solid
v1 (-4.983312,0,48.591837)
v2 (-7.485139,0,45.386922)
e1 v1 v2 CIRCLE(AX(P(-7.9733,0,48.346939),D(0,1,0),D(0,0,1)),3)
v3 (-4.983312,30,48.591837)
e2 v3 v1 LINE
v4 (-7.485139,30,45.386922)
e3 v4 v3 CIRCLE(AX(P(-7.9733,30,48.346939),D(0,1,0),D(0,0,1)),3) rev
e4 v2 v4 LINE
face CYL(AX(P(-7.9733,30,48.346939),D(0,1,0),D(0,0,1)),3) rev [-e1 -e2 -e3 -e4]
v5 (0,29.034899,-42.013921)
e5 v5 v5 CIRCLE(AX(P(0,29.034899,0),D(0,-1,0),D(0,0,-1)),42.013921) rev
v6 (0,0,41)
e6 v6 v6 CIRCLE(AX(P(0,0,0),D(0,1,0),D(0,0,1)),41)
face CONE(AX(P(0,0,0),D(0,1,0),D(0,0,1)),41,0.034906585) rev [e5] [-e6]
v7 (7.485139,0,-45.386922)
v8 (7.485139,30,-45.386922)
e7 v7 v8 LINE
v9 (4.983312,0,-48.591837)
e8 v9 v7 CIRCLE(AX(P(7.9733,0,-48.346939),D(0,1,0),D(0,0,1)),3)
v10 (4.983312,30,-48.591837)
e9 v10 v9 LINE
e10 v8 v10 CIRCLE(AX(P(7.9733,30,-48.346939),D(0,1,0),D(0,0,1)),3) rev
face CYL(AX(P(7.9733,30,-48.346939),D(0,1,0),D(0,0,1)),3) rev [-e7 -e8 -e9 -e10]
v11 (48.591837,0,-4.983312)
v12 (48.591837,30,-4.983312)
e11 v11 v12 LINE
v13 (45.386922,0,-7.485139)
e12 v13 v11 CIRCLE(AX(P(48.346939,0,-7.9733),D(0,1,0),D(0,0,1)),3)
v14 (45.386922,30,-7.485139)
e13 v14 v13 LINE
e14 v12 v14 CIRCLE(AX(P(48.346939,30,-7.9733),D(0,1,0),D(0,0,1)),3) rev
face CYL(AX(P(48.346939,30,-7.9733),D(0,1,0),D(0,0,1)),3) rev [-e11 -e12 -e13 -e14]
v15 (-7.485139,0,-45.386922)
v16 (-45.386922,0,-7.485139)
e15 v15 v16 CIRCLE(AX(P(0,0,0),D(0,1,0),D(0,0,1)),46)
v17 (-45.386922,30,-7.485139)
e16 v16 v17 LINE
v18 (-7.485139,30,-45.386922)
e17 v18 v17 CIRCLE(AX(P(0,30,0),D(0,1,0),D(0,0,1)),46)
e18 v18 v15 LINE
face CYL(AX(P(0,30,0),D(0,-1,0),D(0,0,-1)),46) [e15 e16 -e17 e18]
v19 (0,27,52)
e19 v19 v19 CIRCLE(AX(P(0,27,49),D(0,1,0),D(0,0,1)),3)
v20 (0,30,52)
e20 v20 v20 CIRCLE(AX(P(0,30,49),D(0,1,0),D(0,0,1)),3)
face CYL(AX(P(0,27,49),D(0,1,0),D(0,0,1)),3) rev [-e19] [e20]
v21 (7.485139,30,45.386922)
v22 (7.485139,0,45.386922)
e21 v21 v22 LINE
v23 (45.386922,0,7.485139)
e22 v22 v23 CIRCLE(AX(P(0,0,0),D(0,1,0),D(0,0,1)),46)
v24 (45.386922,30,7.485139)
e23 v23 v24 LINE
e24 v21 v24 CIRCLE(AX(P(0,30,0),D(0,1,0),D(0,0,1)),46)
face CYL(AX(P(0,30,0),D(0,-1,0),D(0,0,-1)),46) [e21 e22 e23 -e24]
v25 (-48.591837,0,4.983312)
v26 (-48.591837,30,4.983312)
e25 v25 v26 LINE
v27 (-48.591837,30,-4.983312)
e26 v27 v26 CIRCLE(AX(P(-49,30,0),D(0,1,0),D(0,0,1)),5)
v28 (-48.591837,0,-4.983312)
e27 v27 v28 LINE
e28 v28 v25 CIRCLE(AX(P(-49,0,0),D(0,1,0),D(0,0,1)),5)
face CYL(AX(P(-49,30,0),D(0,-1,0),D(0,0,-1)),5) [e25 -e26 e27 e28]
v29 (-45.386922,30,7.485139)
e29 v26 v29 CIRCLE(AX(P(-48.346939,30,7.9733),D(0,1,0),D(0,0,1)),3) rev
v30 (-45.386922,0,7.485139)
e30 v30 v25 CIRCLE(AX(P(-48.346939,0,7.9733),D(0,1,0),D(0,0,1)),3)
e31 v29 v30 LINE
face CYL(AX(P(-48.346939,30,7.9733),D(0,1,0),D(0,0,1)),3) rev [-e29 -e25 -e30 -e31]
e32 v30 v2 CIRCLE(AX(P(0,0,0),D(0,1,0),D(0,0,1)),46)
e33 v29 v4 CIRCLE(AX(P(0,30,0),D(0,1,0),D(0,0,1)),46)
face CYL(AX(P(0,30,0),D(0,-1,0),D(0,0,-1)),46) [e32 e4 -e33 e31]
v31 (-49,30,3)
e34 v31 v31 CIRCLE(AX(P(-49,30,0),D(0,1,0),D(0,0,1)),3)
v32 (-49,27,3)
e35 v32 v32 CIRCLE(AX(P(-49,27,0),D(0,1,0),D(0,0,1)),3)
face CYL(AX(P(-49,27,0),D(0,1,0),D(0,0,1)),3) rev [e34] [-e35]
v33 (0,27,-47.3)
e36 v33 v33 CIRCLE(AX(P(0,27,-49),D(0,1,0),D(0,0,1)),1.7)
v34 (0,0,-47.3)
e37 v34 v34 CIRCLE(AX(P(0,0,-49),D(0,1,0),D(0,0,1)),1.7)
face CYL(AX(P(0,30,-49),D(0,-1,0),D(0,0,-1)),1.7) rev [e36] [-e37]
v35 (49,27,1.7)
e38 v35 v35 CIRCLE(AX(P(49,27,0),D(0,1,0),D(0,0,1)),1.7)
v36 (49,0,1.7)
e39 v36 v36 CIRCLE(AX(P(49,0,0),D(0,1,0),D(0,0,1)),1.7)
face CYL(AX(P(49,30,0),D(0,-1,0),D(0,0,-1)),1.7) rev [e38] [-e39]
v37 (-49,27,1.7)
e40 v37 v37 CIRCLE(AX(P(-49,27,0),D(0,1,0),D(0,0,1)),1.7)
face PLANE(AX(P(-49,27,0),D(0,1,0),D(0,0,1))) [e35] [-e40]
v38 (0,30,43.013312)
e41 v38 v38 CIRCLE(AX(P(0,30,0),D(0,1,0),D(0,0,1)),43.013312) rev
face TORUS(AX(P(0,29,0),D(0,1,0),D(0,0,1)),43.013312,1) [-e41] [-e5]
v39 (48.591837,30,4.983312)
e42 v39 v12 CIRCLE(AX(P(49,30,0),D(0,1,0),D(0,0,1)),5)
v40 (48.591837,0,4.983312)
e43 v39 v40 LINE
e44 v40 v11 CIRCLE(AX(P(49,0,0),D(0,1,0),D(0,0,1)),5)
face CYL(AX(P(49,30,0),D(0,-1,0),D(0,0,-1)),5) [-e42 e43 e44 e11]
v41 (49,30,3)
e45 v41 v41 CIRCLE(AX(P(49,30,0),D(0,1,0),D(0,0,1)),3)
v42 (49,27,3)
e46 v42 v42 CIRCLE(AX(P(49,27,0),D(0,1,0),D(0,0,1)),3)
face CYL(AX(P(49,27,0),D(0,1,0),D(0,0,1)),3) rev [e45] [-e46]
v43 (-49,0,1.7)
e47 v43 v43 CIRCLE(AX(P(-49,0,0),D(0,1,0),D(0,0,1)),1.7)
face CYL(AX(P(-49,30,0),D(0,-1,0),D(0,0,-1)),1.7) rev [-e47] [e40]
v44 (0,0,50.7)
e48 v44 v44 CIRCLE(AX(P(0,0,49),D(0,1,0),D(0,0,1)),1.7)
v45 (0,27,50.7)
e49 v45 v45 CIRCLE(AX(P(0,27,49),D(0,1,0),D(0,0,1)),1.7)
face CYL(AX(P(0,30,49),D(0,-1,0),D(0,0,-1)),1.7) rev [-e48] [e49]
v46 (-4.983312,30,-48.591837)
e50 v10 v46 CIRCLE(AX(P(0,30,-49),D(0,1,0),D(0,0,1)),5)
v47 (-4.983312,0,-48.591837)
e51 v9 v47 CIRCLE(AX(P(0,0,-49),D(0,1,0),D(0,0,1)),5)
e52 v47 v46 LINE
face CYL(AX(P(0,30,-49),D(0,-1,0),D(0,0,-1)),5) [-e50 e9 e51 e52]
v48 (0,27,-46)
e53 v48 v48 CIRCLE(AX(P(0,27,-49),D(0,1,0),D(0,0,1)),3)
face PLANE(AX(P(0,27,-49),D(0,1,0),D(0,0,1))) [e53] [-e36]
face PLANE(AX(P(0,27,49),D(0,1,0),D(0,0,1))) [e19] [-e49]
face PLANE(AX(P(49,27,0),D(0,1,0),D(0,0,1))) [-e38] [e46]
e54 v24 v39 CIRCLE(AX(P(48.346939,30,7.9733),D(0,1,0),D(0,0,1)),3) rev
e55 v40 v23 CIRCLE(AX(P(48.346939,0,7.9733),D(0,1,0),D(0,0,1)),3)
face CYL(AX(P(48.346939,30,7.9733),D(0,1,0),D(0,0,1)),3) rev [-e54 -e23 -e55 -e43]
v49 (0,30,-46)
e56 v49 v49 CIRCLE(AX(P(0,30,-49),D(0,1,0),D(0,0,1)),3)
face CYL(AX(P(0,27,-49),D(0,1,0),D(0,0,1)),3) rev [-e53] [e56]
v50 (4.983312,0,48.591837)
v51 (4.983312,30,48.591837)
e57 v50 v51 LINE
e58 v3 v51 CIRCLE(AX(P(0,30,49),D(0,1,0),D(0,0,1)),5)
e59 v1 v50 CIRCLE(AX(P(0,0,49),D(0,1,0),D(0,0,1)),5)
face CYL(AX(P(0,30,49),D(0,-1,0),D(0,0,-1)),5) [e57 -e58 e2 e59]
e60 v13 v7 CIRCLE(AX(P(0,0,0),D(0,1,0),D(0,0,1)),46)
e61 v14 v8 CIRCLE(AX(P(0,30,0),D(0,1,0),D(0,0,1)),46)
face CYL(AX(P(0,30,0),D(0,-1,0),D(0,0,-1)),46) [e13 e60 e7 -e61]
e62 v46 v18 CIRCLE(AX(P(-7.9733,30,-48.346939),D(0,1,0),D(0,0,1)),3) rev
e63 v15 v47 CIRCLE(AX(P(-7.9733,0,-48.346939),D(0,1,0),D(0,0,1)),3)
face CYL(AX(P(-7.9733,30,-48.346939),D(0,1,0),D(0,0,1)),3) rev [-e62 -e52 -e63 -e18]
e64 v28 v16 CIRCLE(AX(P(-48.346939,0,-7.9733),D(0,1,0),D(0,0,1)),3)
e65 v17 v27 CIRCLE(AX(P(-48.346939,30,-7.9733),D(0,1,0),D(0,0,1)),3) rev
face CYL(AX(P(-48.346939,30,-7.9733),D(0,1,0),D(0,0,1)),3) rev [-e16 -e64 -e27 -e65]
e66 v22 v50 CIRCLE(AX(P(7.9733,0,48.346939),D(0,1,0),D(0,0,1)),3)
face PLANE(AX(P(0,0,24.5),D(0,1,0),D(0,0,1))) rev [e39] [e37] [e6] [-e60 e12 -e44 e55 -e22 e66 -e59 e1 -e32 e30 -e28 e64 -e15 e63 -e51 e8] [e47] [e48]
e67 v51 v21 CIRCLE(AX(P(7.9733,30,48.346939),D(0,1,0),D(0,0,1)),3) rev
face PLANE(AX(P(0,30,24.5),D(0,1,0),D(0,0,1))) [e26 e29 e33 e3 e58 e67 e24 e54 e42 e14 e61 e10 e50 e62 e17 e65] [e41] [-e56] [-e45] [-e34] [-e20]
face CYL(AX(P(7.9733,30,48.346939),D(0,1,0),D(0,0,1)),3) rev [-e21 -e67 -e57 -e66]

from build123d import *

# Parameters (mm, degrees)
SKETCH_1_R          = 41
SKETCH_1_R_2        = 1.7
EXTRUDE_1_DEPTH     = 30
FILLET_1_R          = 3
SKETCH_2_R          = 3
CUT_EXTRUDE_1_DEPTH = 3
DRAFT_1_ANGLE       = -2
FILLET_4_R          = 1


with BuildPart() as part:
    # 草图1 → 凸台-拉伸1 (new body)
    with BuildSketch(Plane(origin=(0, 0, 0), x_dir=(1, 0, 0), z_dir=(0, 1, 0))):
        with BuildLine():
            ThreePointArc((45.836734694, 3.872176727), (32.526911935, 32.526911935), (3.872176727, 45.836734694))
            ThreePointArc((3.872176727, 45.836734694), (0, 54), (-3.872176727, 45.836734694))
            ThreePointArc((-3.872176727, 45.836734694), (-32.526911935, 32.526911935), (-45.836734694, 3.872176727))
            ThreePointArc((-45.836734694, 3.872176727), (-54, 0), (-45.836734694, -3.872176727))
            ThreePointArc((-45.836734694, -3.872176727), (-32.526911935, -32.526911935), (-3.872176727, -45.836734694))
            ThreePointArc((-3.872176727, -45.836734694), (0, -54), (3.872176727, -45.836734694))
            ThreePointArc((3.872176727, -45.836734694), (32.526911935, -32.526911935), (45.836734694, -3.872176727))
            ThreePointArc((45.836734694, -3.872176727), (54, 0), (45.836734694, 3.872176727))
        make_face()
        with Locations(Location((0, 0, 0), (0, 0, 270))):
            Circle(SKETCH_1_R, mode=Mode.SUBTRACT)
        with Locations(Location((0, 49, 0), (0, 0, 270))):
            Circle(SKETCH_1_R_2, mode=Mode.SUBTRACT)
        with Locations(Location((49, 0, 0), (0, 0, 270))):
            Circle(SKETCH_1_R_2, mode=Mode.SUBTRACT)
        with Locations(Location((0, -49, 0), (0, 0, 270))):
            Circle(SKETCH_1_R_2, mode=Mode.SUBTRACT)
        with Locations(Location((-49, 0, 0), (0, 0, 270))):
            Circle(SKETCH_1_R_2, mode=Mode.SUBTRACT)
    extrude(amount=EXTRUDE_1_DEPTH)

    # 圆角1
    fillet_1_edges = [part.edges().sort_by_distance(p)[0] for p in [
        (-45.836734694, 15, 3.872176727),
        (-45.836734694, 15, -3.872176727),
        (-3.872176727, 15, -45.836734694),
        (3.872176727, 15, -45.836734694),
        (45.836734694, 15, -3.872176727),
        (45.836734694, 15, 3.872176727),
        (3.872176727, 15, 45.836734694),
        (-3.872176727, 15, 45.836734694),
    ]]
    fillet(fillet_1_edges, radius=FILLET_1_R)

    # 草图2 → 切除-拉伸1 (cut)
    with BuildSketch(Plane(origin=(0, 30, 0), x_dir=(1, 0, 0), z_dir=(0, 1, 0))):
        with Locations(Location((0, 49, 0), (0, 0, 270))):
            Circle(SKETCH_2_R)
        with Locations(Location((-49, 0, 0), (0, 0, 270))):
            Circle(SKETCH_2_R)
        with Locations(Location((0, -49, 0), (0, 0, 270))):
            Circle(SKETCH_2_R)
        with Locations(Location((49, 0, 0), (0, 0, 270))):
            Circle(SKETCH_2_R)
    extrude(amount=-CUT_EXTRUDE_1_DEPTH, mode=Mode.SUBTRACT)

    # 拔模1
    draft_1_faces = [part.faces().sort_by_distance(p)[0] for p in [
        (0, 15, -41),
    ]]
    draft(draft_1_faces, Plane(origin=(0, 0, 24.5), x_dir=(0, 0, -1), z_dir=(0, -1, 0)), DRAFT_1_ANGLE)

    # 圆角4
    fillet_4_edges = [part.edges().sort_by_distance(p)[0] for p in [
        (0, 30, -42.047623085),
    ]]
    fillet(fillet_4_edges, radius=FILLET_4_R)


solid = part.part
